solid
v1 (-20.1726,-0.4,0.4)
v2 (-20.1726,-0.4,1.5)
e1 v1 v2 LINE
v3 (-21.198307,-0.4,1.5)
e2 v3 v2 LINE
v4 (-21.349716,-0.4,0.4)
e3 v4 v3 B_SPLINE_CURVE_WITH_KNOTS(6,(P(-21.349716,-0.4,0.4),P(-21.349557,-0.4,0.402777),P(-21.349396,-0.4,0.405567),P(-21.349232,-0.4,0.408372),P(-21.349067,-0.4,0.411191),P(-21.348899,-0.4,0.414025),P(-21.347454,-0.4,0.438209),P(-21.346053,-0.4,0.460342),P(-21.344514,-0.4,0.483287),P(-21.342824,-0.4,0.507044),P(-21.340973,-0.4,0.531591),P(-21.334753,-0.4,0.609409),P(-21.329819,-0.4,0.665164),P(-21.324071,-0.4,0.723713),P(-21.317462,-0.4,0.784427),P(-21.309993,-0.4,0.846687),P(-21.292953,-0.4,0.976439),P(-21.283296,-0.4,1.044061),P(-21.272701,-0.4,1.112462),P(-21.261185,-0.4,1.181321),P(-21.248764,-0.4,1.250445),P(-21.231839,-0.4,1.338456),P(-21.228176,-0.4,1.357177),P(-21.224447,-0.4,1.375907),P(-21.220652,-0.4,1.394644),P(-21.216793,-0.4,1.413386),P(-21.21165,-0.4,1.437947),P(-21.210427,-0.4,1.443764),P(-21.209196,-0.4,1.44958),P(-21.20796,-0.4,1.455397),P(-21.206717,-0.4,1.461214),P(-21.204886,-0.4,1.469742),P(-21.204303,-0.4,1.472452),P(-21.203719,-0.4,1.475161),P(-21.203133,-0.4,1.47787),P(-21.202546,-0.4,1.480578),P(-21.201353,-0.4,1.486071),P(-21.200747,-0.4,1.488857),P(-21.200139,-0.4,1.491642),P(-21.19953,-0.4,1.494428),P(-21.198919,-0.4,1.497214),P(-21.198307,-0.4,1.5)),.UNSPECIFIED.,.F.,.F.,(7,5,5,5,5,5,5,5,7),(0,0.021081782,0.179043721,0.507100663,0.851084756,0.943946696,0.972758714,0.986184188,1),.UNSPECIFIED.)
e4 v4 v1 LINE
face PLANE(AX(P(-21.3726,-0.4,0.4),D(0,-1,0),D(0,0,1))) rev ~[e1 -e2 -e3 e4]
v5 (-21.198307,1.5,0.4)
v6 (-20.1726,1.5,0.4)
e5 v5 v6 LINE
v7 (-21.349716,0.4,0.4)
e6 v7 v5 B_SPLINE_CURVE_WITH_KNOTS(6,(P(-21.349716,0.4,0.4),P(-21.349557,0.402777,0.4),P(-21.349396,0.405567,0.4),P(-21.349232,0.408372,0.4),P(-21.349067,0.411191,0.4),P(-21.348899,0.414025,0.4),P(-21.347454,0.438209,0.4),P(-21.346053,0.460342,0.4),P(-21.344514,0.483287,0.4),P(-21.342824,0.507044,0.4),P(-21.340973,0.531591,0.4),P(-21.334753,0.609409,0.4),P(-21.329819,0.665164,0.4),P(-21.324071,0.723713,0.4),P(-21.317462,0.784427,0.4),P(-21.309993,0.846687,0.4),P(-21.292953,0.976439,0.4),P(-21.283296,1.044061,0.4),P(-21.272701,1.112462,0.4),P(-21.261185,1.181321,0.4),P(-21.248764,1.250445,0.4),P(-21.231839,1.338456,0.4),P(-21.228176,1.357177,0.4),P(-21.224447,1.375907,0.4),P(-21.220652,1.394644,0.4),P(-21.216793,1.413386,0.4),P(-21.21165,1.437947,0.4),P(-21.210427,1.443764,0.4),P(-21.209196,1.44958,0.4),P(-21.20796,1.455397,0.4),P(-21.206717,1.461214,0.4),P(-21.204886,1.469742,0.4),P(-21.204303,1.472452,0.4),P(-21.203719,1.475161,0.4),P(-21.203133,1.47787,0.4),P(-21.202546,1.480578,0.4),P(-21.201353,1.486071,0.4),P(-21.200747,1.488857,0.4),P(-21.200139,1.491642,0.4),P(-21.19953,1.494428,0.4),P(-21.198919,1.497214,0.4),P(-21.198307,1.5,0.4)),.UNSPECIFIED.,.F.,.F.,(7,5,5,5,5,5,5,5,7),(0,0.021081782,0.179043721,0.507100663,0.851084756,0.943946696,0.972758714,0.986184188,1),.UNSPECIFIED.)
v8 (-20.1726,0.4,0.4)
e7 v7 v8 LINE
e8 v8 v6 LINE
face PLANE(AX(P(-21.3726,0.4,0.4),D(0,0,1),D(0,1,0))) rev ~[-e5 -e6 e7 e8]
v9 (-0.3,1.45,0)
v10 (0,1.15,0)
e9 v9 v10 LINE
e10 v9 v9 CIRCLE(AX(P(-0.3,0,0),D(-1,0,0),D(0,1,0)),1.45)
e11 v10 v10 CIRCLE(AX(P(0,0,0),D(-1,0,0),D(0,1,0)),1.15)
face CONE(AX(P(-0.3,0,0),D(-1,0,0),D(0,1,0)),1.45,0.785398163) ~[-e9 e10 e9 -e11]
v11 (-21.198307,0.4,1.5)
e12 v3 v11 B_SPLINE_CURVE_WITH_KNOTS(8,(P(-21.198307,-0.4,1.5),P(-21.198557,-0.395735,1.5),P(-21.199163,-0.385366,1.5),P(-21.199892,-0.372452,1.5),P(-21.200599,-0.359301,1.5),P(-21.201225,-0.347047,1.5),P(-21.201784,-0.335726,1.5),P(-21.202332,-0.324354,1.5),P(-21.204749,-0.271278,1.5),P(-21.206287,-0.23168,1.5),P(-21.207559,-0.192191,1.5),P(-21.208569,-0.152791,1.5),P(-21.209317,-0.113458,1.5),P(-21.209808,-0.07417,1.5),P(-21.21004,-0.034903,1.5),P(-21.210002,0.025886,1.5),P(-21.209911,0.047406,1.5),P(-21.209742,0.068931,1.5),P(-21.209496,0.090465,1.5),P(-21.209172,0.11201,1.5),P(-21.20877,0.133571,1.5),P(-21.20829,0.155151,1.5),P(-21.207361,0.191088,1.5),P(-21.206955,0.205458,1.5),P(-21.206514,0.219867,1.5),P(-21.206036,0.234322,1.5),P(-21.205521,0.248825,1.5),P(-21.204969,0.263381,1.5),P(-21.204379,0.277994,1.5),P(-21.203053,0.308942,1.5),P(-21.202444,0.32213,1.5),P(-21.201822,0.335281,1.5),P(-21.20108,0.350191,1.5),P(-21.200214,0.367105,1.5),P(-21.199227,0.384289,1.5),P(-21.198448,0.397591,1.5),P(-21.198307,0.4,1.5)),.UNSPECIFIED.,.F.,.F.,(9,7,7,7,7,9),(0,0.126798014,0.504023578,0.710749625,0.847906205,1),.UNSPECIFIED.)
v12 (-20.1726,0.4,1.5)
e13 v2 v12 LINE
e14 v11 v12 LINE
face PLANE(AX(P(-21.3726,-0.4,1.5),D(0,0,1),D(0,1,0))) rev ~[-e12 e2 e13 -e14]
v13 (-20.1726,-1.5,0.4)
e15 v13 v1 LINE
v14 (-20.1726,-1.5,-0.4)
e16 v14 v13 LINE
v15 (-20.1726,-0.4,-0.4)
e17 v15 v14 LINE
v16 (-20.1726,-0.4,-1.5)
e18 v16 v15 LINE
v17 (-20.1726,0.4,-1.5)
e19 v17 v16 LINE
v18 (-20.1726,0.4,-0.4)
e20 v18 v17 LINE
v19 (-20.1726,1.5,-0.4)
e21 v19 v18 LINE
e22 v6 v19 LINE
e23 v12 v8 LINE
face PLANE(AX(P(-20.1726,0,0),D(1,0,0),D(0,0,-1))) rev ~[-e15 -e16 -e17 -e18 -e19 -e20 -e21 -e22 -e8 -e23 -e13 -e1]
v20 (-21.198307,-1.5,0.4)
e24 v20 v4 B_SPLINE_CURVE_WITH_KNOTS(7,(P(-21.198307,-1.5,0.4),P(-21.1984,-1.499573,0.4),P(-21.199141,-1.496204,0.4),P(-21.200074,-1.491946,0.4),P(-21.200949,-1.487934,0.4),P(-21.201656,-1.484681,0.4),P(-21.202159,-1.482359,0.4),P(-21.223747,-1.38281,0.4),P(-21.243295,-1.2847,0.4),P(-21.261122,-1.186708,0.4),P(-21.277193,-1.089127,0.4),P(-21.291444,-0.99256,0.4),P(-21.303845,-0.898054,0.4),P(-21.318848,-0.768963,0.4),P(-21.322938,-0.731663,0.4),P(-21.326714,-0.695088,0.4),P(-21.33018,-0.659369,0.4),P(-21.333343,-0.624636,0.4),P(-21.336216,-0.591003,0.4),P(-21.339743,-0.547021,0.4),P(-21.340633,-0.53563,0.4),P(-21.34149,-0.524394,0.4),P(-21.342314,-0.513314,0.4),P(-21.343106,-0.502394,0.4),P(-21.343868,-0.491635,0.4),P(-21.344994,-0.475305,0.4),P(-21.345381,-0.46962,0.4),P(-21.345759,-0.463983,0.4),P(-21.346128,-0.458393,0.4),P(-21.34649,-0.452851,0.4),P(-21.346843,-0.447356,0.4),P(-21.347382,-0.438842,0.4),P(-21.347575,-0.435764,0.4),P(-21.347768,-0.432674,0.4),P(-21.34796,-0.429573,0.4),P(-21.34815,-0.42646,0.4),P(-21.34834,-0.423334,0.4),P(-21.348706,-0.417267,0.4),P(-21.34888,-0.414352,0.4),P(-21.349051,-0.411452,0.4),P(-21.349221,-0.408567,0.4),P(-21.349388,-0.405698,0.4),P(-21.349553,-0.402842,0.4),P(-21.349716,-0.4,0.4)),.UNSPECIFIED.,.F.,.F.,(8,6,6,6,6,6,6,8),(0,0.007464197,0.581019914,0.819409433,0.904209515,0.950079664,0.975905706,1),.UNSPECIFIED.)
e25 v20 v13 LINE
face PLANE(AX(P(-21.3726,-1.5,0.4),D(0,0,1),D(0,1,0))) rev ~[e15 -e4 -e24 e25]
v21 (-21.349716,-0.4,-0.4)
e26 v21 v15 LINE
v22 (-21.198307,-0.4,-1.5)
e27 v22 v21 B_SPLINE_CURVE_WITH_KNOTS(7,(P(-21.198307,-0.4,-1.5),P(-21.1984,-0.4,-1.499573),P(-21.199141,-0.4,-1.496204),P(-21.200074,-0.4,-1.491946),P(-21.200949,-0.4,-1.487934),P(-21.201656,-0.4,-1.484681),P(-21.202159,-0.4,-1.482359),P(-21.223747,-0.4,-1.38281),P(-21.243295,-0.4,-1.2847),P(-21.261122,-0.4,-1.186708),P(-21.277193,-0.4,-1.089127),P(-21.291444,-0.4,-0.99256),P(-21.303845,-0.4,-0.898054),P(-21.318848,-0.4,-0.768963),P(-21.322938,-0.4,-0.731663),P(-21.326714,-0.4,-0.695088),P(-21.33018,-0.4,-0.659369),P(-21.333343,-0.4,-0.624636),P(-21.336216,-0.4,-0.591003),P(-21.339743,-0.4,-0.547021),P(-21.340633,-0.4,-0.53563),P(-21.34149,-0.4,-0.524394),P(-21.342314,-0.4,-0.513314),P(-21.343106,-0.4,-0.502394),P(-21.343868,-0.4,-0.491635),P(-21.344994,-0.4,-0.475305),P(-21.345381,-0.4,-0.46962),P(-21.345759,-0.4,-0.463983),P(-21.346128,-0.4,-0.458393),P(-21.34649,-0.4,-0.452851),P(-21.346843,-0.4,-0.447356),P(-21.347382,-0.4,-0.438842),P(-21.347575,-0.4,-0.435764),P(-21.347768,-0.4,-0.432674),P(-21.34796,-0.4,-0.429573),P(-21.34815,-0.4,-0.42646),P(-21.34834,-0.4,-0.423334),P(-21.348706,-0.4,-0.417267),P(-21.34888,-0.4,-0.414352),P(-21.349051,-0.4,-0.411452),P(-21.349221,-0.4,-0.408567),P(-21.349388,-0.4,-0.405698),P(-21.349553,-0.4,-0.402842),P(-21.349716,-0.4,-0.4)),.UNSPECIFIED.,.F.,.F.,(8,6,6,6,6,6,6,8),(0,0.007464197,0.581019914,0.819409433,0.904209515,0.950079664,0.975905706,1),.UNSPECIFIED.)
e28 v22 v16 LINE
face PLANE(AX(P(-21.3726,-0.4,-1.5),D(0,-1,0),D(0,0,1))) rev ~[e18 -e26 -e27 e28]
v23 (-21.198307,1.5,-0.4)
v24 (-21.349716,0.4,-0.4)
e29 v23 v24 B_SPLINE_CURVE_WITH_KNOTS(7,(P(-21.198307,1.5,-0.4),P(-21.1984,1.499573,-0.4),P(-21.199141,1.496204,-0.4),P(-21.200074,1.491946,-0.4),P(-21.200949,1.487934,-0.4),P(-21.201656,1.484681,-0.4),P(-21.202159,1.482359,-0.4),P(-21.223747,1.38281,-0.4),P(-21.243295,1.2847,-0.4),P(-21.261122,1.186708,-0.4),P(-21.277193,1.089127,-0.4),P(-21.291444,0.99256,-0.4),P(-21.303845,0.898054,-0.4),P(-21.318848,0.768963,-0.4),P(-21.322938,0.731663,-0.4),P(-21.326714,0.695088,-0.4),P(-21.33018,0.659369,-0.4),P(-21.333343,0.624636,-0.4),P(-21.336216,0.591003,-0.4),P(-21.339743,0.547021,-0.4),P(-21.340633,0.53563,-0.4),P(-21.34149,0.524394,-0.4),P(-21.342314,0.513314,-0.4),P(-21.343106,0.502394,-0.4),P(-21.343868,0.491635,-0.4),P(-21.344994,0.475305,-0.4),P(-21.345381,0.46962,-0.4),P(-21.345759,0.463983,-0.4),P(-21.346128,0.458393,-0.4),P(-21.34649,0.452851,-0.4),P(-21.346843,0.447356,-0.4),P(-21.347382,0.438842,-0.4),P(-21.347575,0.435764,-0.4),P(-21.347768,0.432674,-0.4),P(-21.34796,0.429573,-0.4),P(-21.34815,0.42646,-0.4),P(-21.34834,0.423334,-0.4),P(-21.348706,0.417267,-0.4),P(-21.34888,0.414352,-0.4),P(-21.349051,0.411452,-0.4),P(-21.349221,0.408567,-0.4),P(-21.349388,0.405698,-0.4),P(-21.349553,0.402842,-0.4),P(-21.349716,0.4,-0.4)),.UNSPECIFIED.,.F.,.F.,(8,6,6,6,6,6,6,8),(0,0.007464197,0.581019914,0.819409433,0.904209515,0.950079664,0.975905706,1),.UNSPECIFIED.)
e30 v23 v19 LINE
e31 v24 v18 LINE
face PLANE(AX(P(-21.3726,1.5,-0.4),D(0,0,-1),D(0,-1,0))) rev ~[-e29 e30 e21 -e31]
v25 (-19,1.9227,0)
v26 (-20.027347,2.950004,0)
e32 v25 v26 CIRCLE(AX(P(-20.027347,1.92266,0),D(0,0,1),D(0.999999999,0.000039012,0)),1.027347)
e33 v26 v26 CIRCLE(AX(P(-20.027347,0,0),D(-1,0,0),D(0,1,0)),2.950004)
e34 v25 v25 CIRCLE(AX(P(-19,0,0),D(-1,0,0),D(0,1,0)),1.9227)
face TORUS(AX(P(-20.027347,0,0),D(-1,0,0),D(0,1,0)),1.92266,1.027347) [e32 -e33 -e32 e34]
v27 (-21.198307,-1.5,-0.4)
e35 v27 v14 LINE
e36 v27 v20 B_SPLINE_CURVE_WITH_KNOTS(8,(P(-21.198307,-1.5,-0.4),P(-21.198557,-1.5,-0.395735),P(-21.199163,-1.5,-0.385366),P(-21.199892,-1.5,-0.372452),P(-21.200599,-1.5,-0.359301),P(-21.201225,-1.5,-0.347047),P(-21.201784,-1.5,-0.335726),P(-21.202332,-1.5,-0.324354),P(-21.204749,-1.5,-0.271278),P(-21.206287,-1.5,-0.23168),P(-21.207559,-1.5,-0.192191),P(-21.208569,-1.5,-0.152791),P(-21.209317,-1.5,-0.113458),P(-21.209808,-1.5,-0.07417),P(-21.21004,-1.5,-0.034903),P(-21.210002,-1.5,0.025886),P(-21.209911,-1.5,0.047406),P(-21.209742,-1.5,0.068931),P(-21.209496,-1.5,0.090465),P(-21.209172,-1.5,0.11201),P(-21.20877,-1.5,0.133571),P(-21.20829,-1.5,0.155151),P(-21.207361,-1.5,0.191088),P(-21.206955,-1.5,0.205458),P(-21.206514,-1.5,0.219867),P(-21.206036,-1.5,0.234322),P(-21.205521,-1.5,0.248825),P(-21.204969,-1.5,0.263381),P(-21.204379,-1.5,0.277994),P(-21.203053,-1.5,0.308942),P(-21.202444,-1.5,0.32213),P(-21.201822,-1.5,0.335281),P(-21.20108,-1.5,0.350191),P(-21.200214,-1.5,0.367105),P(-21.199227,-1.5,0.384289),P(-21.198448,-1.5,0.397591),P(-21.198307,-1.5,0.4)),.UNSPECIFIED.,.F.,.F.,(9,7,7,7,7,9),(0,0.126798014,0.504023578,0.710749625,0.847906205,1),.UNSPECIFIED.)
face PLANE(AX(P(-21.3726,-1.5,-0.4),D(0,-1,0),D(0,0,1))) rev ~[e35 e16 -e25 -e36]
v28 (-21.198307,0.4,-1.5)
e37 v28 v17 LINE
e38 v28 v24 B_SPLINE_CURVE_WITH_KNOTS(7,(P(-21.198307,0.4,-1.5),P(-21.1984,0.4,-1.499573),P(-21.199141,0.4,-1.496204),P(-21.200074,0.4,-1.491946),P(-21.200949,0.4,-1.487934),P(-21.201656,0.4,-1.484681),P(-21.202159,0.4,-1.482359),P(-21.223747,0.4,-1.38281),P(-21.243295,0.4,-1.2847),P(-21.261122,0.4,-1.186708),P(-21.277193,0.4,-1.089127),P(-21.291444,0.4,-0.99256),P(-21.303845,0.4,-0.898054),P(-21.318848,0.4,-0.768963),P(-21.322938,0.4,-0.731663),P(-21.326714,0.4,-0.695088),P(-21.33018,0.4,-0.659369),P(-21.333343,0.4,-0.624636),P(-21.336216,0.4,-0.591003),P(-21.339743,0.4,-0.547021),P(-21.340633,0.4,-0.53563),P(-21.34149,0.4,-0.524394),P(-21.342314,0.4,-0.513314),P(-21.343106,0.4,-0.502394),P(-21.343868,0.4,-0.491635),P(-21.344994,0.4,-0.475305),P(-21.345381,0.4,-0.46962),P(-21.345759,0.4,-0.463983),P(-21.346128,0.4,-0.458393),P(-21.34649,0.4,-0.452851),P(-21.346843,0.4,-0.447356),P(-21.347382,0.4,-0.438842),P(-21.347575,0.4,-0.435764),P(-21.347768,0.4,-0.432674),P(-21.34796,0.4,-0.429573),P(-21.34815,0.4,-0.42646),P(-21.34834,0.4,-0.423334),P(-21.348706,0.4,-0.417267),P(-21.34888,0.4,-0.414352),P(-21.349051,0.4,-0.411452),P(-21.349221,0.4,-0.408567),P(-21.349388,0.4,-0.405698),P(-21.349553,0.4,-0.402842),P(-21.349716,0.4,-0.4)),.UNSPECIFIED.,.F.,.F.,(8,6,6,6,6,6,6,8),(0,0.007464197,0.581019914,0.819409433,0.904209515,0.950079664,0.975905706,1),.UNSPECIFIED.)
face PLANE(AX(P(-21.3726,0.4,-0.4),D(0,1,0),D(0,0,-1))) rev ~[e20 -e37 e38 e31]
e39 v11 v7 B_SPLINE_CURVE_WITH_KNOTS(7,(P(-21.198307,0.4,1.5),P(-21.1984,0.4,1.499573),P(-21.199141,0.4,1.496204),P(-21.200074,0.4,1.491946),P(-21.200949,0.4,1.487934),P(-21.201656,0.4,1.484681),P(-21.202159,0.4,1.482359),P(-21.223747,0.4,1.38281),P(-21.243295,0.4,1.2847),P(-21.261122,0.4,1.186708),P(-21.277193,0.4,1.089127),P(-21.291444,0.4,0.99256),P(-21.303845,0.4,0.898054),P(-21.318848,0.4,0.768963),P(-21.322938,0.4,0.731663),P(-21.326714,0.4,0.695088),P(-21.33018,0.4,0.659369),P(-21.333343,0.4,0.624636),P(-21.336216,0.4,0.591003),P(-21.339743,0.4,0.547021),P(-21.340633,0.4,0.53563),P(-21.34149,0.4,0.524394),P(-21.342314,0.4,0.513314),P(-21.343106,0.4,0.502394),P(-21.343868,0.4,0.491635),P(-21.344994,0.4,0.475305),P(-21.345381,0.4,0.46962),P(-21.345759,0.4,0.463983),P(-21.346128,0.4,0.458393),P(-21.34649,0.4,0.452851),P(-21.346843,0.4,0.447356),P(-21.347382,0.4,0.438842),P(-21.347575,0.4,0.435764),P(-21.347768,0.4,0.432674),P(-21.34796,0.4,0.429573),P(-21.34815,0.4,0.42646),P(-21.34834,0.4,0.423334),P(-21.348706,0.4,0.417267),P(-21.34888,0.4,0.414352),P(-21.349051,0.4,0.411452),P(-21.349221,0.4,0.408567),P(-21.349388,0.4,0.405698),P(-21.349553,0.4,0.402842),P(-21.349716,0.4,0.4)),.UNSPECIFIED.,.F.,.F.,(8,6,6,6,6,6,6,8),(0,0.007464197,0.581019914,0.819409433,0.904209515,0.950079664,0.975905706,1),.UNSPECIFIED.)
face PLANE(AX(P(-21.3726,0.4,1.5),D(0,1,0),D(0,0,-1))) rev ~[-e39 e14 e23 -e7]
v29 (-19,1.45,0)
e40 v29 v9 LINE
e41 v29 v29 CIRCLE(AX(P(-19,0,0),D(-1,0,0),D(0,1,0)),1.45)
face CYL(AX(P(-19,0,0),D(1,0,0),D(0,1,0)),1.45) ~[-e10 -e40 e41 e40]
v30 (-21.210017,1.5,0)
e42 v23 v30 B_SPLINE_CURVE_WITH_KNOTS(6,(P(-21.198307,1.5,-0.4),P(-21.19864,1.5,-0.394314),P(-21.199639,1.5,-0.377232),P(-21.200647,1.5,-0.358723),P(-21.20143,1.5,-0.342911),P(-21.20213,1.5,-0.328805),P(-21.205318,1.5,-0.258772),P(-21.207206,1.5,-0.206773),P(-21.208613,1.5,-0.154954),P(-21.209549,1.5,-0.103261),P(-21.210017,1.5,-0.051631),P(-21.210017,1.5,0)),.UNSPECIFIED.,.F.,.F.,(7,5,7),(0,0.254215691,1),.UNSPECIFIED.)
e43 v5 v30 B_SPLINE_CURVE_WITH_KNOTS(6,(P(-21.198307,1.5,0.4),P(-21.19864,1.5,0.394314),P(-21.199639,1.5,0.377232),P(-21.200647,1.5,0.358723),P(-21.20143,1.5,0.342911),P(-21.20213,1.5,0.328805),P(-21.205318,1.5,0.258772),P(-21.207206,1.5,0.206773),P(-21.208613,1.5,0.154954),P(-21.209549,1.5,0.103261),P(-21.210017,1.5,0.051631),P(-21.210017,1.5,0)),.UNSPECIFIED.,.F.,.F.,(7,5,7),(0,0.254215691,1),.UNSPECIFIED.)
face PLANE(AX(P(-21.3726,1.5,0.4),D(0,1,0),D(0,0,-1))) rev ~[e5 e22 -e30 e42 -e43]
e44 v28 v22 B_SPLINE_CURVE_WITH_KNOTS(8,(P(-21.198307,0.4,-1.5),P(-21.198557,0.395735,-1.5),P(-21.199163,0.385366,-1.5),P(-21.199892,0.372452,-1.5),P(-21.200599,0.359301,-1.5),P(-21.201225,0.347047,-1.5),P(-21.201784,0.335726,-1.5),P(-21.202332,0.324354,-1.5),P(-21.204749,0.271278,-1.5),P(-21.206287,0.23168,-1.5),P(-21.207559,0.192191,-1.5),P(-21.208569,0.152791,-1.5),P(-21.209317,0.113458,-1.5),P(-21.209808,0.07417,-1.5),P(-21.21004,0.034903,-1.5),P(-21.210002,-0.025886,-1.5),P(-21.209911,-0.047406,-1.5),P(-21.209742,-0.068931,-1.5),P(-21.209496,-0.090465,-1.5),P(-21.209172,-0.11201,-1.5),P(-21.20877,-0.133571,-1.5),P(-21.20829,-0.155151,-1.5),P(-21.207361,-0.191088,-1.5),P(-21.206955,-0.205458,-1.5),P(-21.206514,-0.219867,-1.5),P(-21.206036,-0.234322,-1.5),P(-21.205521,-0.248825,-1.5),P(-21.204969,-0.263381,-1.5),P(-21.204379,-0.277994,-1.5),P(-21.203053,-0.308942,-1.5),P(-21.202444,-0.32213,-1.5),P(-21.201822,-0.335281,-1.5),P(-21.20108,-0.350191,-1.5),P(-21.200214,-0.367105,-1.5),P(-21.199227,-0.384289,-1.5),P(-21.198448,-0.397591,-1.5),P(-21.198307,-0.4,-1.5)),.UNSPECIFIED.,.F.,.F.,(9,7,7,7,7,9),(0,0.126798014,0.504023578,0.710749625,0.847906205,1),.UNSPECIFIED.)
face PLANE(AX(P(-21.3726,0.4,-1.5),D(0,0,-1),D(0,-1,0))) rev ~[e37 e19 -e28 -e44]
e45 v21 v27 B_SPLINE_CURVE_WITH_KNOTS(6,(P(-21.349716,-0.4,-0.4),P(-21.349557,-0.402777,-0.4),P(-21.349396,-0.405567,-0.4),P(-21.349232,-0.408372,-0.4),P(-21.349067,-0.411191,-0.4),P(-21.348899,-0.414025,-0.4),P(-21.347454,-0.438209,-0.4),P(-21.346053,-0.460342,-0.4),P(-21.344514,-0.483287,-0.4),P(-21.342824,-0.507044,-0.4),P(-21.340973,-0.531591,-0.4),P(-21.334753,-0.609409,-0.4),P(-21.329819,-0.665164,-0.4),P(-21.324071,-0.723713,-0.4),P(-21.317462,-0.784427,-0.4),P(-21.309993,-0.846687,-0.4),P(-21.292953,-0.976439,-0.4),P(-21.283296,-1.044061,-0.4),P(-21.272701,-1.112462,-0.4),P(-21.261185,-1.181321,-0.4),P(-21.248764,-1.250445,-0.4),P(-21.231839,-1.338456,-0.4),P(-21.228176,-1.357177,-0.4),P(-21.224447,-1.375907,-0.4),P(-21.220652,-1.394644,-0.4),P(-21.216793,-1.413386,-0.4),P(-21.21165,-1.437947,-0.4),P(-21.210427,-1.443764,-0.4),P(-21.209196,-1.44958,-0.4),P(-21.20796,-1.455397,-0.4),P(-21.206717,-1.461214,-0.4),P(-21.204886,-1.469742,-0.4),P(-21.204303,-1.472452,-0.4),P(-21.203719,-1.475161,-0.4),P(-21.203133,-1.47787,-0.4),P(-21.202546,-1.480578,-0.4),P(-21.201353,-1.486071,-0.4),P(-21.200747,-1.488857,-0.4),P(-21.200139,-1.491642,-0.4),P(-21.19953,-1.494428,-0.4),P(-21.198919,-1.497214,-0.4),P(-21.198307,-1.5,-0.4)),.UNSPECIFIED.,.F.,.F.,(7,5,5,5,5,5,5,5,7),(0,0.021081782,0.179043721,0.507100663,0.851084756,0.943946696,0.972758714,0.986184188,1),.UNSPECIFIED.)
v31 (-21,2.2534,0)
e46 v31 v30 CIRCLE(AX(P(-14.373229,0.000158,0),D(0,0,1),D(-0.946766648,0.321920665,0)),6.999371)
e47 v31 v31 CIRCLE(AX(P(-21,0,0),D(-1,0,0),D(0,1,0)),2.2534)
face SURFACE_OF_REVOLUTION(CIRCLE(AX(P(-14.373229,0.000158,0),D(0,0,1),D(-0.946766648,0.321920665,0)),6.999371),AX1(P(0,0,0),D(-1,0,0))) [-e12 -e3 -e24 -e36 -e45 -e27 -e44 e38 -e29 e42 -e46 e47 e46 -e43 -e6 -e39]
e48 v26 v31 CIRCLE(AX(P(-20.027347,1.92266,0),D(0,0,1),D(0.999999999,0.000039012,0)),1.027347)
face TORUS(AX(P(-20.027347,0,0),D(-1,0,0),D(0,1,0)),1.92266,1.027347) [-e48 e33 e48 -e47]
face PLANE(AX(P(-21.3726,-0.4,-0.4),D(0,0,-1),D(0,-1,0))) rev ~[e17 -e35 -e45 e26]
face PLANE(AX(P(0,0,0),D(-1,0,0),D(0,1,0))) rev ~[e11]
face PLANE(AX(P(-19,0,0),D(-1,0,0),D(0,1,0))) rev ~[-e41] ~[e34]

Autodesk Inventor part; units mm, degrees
ref_plane "YZ Plane" through (0, 0, 0) normal (1, 0, 0) x (0, 1, 0)
ref_plane "XZ Plane" through (0, 0, 0) normal (0, 1, 0) x (-1, 0, 0)
sketch "Эскиз1" plane through (0, 0, 0) normal (0, 0, 1) x (1, 0, 0)
  line L0 (0, 0) -> (-21.3726, 0)
  arc A0 (-19, 1.9227) -> (-21, 2.2534) centre (-20.0273, 1.9227) ccw
  line L1 (-19, 1.9227) -> (-19, 1.45)
  line L2 (-19, 1.45) -> (0, 1.45)
  line L3 (0, 1.45) -> (0, 0)
  line L4 (-21.6724, 2.95) -> (-19.1128, 2.95)
  arc A1 (-21, 2.2534) -> (-21.3726, 0) centre (-14.3726, 0) ccw
  dimension "d0" = 2.9
  dimension "d1" = 5.9
  dimension "d2" = 2
  dimension "d3" = 19
  dimension "d4" = 7
revolve "Вращение1" add sketch "Эскиз1" angle 360 about axis through (0, 0, 0) along (-1, 0, 0)
chamfer "Фаска1" distance 0.3 angle 45 1 edges at (0, -1.45, 0)
ref_plane "РабПлоскость2" through (-21.3726, 0, 0) normal (1, 0, 0) x (0, 0, -1)
sketch "Эскиз2" plane through (-21.3726, 0, 0) normal (1, 0, 0) x (0, 0, -1)
  line L0 (-0.4, 1.5) -> (0.4, 1.5)
  line L1 (0.4, 1.5) -> (0.4, -1.5)
  line L2 (0.4, -1.5) -> (-0.4, -1.5)
  line L3 (-0.4, -1.5) -> (-0.4, 1.5)
  line L4 (-1.5, 0.4) -> (1.5, 0.4)
  line L5 (1.5, 0.4) -> (1.5, -0.4)
  line L6 (1.5, -0.4) -> (-1.5, -0.4)
  line L7 (-1.5, -0.4) -> (-1.5, 0.4)
  point P0 (0, 0)
  point P1 (0, 1.5)
  point P2 (0, 0.4)
  point P3 (-1.5, 0)
  point P4 (-0.4, 0)
  point P5 (0.4, 0.4)
  point P6 (-0.4, 0.4)
  point P7 (-0.4, -0.4)
  point P8 (0.4, -0.4)
  dimension "d10" = 0.8
  dimension "d11" = 3
extrude "Выдавливание1" cut sketch "Эскиз2" along normal blind 1.2
properties part number "Винт М3х19"
